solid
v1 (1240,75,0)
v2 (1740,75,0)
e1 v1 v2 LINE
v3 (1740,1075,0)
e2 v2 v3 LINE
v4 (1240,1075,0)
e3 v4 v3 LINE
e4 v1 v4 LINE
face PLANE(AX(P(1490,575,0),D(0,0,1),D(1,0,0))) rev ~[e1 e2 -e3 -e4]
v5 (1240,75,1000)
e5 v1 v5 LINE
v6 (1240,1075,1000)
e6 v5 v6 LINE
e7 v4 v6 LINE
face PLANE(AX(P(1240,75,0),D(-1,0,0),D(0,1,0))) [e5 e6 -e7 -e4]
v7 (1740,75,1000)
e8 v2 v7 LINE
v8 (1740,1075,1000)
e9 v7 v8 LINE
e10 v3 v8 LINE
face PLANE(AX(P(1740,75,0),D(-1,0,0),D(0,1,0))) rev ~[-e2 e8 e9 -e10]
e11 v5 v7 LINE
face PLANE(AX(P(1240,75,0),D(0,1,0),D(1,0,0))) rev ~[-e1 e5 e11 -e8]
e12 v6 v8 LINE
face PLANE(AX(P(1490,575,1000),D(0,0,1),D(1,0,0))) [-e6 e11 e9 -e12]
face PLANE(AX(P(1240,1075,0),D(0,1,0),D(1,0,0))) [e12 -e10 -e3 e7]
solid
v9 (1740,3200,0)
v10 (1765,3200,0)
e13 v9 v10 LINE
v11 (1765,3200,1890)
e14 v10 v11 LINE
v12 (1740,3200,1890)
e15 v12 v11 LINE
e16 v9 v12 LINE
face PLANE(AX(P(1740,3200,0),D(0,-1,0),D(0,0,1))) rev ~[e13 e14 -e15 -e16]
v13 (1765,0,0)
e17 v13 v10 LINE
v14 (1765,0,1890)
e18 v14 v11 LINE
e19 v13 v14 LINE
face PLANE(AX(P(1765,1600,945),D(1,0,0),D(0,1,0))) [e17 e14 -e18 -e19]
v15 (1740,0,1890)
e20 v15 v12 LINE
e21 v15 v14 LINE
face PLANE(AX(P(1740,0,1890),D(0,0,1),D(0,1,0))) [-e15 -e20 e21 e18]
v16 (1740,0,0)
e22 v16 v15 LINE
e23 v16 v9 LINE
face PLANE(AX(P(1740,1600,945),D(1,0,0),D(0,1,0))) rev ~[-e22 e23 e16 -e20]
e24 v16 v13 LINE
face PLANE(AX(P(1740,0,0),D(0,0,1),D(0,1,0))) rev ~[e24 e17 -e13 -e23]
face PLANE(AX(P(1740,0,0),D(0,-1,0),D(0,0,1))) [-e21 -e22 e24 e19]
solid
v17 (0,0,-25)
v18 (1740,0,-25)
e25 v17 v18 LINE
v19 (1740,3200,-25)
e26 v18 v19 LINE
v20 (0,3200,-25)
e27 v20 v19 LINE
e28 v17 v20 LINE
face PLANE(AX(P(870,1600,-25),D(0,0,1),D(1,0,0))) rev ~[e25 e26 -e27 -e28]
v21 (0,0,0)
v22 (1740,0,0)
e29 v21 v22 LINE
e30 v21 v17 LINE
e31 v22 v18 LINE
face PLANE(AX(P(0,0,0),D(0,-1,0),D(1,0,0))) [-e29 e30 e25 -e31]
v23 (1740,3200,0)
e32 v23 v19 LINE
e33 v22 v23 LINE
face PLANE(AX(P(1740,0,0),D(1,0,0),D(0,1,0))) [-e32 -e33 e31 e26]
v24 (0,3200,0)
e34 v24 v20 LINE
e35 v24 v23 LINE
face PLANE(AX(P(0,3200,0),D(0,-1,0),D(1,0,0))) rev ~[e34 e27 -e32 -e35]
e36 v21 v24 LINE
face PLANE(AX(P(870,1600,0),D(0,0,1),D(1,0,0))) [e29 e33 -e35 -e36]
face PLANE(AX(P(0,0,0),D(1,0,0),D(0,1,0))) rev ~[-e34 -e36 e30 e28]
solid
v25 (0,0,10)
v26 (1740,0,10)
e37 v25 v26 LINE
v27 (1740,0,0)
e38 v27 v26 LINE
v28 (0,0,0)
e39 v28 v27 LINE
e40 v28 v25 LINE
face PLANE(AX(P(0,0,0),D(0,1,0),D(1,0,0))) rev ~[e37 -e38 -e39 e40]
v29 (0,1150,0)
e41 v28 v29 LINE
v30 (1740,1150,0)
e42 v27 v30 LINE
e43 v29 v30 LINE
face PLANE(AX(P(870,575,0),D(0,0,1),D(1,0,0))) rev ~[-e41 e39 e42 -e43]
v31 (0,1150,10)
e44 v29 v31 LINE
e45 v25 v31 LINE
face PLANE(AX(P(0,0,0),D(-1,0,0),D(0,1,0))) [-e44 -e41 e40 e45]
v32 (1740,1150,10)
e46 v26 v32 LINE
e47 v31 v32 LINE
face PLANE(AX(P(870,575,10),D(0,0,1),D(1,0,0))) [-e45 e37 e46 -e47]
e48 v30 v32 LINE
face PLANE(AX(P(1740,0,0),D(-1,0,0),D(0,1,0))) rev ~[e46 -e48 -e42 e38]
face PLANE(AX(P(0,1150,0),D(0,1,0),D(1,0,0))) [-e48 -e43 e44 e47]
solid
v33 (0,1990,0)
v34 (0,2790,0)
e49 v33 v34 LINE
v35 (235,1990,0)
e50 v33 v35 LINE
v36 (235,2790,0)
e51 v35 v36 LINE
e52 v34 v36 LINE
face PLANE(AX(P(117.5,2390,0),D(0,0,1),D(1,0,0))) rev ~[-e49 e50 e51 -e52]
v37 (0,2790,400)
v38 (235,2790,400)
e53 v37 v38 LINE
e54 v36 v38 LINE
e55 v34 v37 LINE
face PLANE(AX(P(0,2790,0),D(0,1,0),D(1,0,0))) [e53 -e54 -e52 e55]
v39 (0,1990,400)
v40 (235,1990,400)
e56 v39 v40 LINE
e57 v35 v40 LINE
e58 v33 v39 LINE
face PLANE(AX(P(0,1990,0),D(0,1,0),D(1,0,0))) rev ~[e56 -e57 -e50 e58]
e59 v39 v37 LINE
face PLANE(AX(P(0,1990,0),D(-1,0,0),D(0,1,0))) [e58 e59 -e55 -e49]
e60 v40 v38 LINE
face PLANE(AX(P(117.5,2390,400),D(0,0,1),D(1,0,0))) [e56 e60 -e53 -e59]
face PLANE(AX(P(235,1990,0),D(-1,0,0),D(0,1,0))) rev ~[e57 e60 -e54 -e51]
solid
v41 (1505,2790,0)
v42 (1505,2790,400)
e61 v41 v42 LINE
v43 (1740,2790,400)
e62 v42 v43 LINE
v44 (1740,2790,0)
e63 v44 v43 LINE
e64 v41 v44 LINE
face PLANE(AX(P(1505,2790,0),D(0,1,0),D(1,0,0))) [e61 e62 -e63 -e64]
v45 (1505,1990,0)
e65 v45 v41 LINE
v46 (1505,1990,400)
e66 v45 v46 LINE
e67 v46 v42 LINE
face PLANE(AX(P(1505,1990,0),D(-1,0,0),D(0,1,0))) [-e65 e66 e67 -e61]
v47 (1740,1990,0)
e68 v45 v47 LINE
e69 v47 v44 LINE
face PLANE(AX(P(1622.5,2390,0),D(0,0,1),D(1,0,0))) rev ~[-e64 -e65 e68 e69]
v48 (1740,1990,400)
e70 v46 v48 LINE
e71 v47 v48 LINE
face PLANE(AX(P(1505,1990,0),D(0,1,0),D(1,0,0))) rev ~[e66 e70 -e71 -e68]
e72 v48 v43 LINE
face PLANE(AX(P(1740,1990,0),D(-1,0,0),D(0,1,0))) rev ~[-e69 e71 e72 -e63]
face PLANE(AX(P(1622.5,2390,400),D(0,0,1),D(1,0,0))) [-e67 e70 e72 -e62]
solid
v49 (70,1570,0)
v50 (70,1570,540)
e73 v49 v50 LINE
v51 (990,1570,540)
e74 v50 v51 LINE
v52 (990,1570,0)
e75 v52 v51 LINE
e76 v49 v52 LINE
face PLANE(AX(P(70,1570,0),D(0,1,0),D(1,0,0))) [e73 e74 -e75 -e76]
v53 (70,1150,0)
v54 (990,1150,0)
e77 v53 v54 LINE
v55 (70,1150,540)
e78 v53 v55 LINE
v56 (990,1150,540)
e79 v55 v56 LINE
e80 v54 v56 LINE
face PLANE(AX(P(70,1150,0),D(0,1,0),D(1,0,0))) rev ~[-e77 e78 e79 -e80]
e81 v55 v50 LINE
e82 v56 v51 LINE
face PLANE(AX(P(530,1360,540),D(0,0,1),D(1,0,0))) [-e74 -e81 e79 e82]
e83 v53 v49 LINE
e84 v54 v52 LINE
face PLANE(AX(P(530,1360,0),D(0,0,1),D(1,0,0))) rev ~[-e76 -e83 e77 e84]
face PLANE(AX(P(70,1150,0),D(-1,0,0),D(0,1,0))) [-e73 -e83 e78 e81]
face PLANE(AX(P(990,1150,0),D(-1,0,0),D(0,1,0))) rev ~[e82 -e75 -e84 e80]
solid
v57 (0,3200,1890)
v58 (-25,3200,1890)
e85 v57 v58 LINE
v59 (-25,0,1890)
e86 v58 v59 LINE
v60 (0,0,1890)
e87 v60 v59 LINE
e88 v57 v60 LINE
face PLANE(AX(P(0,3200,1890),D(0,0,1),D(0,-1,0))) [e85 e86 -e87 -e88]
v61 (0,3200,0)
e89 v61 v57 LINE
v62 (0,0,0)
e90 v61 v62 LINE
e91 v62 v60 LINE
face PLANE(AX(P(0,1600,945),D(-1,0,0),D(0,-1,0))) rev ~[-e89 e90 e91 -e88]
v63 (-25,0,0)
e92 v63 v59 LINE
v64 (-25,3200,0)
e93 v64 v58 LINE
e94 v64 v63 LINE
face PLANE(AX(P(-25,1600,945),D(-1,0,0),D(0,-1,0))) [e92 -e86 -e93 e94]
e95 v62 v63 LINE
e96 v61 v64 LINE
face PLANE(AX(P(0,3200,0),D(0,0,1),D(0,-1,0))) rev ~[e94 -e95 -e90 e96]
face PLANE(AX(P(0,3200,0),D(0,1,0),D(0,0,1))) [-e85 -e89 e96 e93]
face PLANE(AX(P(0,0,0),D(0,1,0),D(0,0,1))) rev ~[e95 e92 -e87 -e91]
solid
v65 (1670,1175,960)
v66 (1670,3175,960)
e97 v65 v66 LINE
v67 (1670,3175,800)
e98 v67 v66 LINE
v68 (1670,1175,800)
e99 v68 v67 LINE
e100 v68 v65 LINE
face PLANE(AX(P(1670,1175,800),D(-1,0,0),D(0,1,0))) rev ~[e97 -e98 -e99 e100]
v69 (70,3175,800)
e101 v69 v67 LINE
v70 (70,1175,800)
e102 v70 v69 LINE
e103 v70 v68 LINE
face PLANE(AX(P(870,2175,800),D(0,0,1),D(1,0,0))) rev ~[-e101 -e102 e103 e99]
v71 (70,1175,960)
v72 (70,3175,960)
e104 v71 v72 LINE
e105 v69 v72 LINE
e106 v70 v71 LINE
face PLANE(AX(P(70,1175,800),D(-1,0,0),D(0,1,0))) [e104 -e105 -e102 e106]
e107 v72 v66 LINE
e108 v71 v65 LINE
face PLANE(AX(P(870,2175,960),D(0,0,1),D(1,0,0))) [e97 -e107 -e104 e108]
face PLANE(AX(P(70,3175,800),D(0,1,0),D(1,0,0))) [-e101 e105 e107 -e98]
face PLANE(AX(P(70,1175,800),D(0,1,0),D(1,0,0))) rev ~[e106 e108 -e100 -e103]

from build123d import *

# Parameters (mm, degrees)
F0_W      = 1740
F0_H      = 3200
F1_DEPTH  = 25
F2_W      = 3200
F2_H      = 1890
F4_DEPTH  = 25
F3_W      = 3200
F3_H      = 1890
F5_DEPTH  = 25
F6_W      = 1740
F6_H      = 1150
F7_DEPTH  = 10
F8_W      = 235
F8_H      = 800
F9_DEPTH  = 400
F10_W     = 235
F10_H     = 800
F11_DEPTH = 400
F13_W     = 1600
F13_H     = 2000
F14_DEPTH = 160
F15_W     = 500
F15_H     = 1000
F16_DEPTH = 1000
F17_W     = 920
F17_H     = 420
F18_DEPTH = 540


with BuildPart() as f1:
    # F0 (on Top) → F1 (new body)
    with BuildSketch(Plane.XY):
        with Locations((870, 1600)):
            Rectangle(F0_W, F0_H)
    extrude(amount=-F1_DEPTH)


with BuildPart() as f4:
    # F2 (on face) → F4 (new body)
    with BuildSketch(Plane.YZ.offset(1740)):
        with Locations((1600, 945)):
            Rectangle(F2_W, F2_H)
    extrude(amount=F4_DEPTH)


with BuildPart() as f5:
    # F3 (on face) → F5 (new body)
    with BuildSketch(Plane(origin=(0, 0, 0), x_dir=(0, -1, 0), z_dir=(-1, 0, 0))):
        with Locations((-1600, 945)):
            Rectangle(F3_W, F3_H)
    extrude(amount=F5_DEPTH)


with BuildPart() as f7:
    # F6 (on face) → F7 (new body)
    with BuildSketch(Plane.XY):
        with Locations((870, 575)):
            Rectangle(F6_W, F6_H)
    extrude(amount=F7_DEPTH)


with BuildPart() as f9:
    # F8 (on face) → F9 (new body)
    with BuildSketch(Plane.XY):
        with Locations((117.5, 2390)):
            Rectangle(F8_W, F8_H)
    extrude(amount=F9_DEPTH)


with BuildPart() as f11:
    # F10 (on face) → F11 (new body)
    with BuildSketch(Plane.XY):
        with Locations((1622.5, 2390)):
            Rectangle(F10_W, F10_H)
    extrude(amount=F11_DEPTH)


with BuildPart() as f14:
    # F13 (on offset) → F14 (new body)
    with BuildSketch(Plane.XY.offset(800)):
        with Locations((870, 2175)):
            Rectangle(F13_W, F13_H)
    extrude(amount=F14_DEPTH)


with BuildPart() as f16:
    # F15 (on Top) → F16 (new body)
    with BuildSketch(Plane.XY):
        with Locations((1490, 575)):
            Rectangle(F15_W, F15_H)
    extrude(amount=F16_DEPTH)


with BuildPart() as f18:
    # F17 (on face) → F18 (new body)
    with BuildSketch(Plane.XY):
        with Locations((530, 1360)):
            Rectangle(F17_W, F17_H)
    extrude(amount=F18_DEPTH)


solid = Compound([f1.part, f4.part, f5.part, f7.part, f9.part, f11.part, f14.part, f16.part, f18.part])
